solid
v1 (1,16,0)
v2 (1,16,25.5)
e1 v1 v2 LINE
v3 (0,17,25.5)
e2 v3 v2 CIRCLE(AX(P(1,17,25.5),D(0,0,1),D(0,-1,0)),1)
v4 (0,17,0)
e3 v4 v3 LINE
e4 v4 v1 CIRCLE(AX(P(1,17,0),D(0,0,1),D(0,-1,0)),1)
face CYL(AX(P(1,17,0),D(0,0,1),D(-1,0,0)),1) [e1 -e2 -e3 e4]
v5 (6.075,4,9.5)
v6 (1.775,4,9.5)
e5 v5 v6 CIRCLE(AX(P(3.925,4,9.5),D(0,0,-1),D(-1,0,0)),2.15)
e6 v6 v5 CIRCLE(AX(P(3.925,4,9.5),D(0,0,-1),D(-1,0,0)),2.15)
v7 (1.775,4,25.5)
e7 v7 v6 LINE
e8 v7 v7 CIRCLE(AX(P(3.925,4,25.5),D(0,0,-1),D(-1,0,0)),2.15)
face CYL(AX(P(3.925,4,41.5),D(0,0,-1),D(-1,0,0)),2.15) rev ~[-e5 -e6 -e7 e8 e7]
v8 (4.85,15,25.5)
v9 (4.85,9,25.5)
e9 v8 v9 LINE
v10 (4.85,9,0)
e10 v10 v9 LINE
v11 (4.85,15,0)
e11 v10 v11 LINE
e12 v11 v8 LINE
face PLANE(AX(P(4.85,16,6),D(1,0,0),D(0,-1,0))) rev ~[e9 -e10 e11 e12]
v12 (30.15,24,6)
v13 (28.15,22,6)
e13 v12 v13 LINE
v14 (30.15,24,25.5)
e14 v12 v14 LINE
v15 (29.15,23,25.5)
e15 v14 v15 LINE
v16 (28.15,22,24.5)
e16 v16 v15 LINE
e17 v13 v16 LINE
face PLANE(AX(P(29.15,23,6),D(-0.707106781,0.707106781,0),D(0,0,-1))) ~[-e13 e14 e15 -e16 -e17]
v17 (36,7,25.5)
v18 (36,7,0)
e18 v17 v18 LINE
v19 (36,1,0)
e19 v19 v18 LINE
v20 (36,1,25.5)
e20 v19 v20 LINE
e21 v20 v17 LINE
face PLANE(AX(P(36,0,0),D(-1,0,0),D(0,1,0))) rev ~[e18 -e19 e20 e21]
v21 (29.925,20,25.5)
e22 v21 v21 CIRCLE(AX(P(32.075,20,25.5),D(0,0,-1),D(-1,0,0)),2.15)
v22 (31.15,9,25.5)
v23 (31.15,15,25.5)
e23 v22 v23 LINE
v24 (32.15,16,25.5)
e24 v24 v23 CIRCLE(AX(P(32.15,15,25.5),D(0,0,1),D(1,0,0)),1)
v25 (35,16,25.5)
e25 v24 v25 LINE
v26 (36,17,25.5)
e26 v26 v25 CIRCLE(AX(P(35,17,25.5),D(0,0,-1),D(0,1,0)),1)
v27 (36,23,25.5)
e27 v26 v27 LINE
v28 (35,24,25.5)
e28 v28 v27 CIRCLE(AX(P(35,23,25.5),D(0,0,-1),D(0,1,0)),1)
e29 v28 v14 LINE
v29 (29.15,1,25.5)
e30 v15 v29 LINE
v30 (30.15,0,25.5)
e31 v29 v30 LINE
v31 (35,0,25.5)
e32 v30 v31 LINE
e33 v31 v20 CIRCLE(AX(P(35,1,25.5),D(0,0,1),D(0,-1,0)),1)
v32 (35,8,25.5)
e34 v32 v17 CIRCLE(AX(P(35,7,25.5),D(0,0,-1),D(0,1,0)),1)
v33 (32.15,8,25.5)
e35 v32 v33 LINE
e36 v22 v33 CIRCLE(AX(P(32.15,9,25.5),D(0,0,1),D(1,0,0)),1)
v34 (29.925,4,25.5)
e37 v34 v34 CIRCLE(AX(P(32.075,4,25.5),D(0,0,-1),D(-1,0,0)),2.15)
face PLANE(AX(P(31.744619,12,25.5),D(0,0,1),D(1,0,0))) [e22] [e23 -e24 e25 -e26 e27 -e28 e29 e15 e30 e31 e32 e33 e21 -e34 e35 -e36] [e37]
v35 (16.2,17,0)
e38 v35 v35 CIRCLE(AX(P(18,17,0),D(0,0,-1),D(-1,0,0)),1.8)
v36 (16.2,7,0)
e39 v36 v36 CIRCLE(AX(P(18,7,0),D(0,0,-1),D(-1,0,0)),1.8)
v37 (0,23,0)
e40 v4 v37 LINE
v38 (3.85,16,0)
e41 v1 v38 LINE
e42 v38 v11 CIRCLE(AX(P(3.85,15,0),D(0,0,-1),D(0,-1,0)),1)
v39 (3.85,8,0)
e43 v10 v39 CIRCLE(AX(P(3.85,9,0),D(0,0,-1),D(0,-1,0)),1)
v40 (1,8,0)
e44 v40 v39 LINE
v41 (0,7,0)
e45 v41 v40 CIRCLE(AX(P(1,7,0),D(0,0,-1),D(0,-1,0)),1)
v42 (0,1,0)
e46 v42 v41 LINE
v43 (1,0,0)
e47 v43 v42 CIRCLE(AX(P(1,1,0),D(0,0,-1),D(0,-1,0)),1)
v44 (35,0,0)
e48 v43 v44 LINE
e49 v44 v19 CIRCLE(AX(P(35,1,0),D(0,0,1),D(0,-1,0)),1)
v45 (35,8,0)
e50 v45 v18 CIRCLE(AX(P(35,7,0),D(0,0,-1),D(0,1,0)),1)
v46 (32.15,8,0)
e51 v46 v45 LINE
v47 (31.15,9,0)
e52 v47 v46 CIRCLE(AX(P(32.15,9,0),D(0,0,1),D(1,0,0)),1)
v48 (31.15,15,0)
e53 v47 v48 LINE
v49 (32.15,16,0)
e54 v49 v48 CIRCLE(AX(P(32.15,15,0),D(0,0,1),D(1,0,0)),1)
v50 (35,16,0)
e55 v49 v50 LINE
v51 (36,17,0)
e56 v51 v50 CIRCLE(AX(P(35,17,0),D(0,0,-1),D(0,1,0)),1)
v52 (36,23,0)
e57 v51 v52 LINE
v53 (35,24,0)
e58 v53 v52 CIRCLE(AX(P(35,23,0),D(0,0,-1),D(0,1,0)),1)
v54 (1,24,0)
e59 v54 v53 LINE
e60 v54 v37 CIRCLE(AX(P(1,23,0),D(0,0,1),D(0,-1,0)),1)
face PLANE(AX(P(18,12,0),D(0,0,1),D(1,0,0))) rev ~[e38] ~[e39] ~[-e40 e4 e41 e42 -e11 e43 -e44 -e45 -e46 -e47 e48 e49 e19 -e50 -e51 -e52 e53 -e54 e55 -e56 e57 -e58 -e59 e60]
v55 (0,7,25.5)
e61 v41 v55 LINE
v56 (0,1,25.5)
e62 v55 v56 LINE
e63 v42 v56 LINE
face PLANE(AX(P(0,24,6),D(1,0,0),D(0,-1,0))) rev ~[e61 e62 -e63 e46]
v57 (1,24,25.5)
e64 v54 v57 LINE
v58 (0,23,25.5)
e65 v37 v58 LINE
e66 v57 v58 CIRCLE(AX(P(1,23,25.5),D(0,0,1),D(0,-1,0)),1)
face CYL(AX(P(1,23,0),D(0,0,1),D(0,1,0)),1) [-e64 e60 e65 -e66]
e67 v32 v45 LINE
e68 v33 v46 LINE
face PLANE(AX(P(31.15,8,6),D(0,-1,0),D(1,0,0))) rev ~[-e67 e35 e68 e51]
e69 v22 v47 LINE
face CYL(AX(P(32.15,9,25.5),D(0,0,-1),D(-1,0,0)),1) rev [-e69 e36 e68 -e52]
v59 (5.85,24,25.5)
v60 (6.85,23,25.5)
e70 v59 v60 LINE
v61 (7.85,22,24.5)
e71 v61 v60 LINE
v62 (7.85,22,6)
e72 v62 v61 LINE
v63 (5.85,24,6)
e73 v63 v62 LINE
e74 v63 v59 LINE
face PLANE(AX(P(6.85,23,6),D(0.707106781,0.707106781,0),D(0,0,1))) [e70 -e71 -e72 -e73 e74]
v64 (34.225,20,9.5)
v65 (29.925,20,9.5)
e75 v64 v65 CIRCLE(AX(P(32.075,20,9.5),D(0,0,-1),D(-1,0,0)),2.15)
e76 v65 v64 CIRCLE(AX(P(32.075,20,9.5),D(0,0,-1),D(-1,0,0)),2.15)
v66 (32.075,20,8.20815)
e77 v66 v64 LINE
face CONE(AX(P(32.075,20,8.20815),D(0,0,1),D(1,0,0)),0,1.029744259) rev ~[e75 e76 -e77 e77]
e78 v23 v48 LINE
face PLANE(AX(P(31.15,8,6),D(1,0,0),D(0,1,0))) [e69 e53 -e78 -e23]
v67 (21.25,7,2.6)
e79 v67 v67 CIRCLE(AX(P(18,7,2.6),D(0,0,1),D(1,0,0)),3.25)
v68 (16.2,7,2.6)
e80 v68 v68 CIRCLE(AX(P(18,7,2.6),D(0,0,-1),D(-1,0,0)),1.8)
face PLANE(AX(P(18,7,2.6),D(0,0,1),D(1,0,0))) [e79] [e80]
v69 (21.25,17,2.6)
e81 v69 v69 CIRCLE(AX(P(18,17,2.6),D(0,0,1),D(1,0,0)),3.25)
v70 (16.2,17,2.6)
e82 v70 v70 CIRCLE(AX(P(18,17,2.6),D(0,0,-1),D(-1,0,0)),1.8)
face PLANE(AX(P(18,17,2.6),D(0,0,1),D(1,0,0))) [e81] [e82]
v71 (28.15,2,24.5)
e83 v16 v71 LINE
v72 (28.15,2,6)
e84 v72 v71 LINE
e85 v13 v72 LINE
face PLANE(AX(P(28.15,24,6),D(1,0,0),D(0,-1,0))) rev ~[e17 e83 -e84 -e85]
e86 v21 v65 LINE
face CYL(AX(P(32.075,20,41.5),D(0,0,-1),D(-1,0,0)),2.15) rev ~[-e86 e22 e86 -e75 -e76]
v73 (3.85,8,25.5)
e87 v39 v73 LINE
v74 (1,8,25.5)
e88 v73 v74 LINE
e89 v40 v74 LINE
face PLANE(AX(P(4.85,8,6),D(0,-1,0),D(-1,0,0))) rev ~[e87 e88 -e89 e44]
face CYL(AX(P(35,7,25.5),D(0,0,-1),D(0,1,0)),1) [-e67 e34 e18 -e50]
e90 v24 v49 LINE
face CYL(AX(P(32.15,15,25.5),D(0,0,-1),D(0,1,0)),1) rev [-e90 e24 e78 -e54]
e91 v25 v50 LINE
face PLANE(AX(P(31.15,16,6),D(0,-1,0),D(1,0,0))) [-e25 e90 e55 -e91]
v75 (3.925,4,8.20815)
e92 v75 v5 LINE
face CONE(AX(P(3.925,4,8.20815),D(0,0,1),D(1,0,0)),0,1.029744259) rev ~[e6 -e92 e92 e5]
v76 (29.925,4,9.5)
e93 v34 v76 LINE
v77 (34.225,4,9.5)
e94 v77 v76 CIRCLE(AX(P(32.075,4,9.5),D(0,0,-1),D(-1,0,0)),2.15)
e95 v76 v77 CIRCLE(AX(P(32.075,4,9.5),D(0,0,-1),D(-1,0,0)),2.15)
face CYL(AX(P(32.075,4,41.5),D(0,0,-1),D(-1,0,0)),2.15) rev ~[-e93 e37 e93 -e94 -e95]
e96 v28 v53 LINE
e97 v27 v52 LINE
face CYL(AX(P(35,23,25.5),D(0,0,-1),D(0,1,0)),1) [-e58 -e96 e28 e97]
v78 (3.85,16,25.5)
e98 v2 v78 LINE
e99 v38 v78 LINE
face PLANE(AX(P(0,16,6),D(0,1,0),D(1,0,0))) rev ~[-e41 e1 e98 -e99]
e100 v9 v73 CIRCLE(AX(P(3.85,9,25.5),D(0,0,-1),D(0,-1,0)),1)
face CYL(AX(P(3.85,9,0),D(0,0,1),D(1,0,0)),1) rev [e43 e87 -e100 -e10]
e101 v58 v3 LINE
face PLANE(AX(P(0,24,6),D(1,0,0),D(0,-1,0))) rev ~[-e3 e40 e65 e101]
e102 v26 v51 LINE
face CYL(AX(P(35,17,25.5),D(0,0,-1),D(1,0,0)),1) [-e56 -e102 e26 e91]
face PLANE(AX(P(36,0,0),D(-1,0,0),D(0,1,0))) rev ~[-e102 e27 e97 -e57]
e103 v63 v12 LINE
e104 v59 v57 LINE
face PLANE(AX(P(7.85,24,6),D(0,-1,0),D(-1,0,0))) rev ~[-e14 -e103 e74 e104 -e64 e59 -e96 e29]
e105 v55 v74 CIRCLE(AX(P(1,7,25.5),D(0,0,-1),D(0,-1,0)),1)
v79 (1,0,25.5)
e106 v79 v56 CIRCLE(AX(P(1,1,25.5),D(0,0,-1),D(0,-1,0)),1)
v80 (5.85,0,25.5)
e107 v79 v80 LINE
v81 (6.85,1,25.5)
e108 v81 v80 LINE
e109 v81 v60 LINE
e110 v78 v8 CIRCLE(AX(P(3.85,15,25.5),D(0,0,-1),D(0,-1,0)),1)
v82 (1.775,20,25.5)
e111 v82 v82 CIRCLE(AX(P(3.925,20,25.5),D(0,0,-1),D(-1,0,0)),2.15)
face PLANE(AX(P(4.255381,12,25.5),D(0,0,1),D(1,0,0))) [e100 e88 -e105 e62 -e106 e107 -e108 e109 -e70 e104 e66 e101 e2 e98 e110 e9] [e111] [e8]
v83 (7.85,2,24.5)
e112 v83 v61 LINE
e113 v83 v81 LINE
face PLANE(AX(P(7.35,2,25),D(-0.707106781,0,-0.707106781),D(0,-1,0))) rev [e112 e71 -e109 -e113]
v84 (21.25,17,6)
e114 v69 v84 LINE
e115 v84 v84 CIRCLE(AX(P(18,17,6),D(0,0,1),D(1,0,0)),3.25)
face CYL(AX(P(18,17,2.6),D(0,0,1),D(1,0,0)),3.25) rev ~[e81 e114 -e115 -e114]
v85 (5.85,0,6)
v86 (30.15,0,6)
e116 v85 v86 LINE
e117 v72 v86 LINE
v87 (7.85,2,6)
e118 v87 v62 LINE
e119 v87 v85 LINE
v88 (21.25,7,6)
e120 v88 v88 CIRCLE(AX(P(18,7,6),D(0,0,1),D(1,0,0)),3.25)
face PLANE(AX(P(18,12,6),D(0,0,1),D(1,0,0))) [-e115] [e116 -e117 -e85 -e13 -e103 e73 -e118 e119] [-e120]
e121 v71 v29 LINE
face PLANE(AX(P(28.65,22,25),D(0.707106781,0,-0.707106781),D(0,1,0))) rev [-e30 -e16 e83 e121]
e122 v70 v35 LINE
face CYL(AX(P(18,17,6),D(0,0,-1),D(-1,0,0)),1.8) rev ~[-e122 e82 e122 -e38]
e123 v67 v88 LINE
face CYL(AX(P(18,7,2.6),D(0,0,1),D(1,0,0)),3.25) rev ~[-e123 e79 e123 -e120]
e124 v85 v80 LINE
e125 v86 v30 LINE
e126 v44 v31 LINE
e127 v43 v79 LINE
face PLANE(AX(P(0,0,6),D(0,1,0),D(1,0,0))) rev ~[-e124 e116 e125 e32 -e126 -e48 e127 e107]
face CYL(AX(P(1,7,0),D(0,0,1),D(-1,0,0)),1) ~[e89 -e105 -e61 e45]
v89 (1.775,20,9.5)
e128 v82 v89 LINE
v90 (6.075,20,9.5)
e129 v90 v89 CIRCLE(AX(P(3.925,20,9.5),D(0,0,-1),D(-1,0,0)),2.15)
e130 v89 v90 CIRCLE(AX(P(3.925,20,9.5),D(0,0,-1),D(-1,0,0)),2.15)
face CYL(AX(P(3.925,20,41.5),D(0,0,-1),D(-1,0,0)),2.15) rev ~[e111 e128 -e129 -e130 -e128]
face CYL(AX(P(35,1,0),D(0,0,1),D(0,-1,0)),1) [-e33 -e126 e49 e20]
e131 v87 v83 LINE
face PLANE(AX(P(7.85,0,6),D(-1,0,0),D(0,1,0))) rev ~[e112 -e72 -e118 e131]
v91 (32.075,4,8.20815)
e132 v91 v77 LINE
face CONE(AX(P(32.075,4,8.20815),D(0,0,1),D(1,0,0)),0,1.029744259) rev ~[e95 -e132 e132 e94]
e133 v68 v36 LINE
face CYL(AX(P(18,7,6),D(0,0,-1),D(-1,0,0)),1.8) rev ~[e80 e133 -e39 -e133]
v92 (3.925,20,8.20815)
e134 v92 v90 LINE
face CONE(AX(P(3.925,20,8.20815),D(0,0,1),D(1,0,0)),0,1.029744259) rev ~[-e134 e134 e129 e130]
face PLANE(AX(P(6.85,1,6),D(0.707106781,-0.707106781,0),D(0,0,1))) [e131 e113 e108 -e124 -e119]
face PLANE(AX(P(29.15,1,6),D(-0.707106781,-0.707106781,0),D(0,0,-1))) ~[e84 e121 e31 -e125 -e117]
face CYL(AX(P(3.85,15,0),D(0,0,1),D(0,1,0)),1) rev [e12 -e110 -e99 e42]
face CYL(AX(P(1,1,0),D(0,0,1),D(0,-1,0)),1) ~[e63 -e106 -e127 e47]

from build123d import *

# Parameters (mm, degrees)
SKETCH1_W                                           = 36
SKETCH1_H                                           = 24
BOSS_EXTRUDE1_DEPTH                                 = 6
CBORE_FOR_M3_HEX_SOCKET_HEAD_CAP_SCREW1_D           = 3.6
CBORE_FOR_M3_HEX_SOCKET_HEAD_CAP_SCREW1_DEPTH       = 12
CBORE_FOR_M3_HEX_SOCKET_HEAD_CAP_SCREW1_CBORE_D     = 6.5
CBORE_FOR_M3_HEX_SOCKET_HEAD_CAP_SCREW1_CBORE_DEPTH = 3.4
CBORE_FOR_M3_HEX_SOCKET_HEAD_CAP_SCREW1_TIP         = 1.081549114
BOSS_EXTRUDE2_DEPTH                                 = 19.5
SKETCH5_W                                           = 4.85
SKETCH5_H                                           = 8
CUT_EXTRUDE1_DEPTH                                  = 48.457876059
F_4_3_4_3_DIAMETER_HOLE1_D                          = 4.3
F_4_3_4_3_DIAMETER_HOLE1_DEPTH                      = 16
F_4_3_4_3_DIAMETER_HOLE1_TIP                        = 1.291850331
FILLET1_R                                           = 1
CHAMFER1_SIZE                                       = 2
CHAMFER2_SIZE                                       = 1


with BuildPart() as part:
    # Sketch1 → Boss-Extrude1 (new body)
    with BuildSketch(Plane.XY):
        with Locations((18, 12)):
            Rectangle(SKETCH1_W, SKETCH1_H)
    extrude(amount=BOSS_EXTRUDE1_DEPTH)

    # CBORE for M3 Hex Socket Head Cap Screw1
    with Locations(Plane.XY.offset(6)):
        with Locations((18, 17), (18, 7)):
            CounterBoreHole(CBORE_FOR_M3_HEX_SOCKET_HEAD_CAP_SCREW1_D / 2, CBORE_FOR_M3_HEX_SOCKET_HEAD_CAP_SCREW1_CBORE_D / 2, CBORE_FOR_M3_HEX_SOCKET_HEAD_CAP_SCREW1_CBORE_DEPTH, depth=CBORE_FOR_M3_HEX_SOCKET_HEAD_CAP_SCREW1_DEPTH)
            with Locations((0, 0, -(CBORE_FOR_M3_HEX_SOCKET_HEAD_CAP_SCREW1_DEPTH + CBORE_FOR_M3_HEX_SOCKET_HEAD_CAP_SCREW1_TIP / 2))):  # 118° drill point
                Cone(0, CBORE_FOR_M3_HEX_SOCKET_HEAD_CAP_SCREW1_D / 2, CBORE_FOR_M3_HEX_SOCKET_HEAD_CAP_SCREW1_TIP, mode=Mode.SUBTRACT)

    # Sketch4 → Boss-Extrude2 (add)
    with BuildSketch(Plane.XY.offset(6)):
        Polygon((7.85, 24), (0, 24), (0, 16), (4.85, 16), (4.85, 8), (0, 8), (0, 0), (7.85, 0), align=None)
        Polygon((36, 24), (28.15, 24), (28.15, 0), (36, 0), (36, 8), (31.15, 8), (31.15, 16), (36, 16), align=None)
    extrude(amount=BOSS_EXTRUDE2_DEPTH)

    # Sketch5 → Cut-Extrude1 (cut, through all)
    with BuildSketch(Plane.XY.offset(6)):
        with Locations((33.575, 12)):
            Rectangle(SKETCH5_W, SKETCH5_H)
        with Locations((2.425, 12)):
            Rectangle(SKETCH5_W, SKETCH5_H)
    extrude(amount=-CUT_EXTRUDE1_DEPTH, mode=Mode.SUBTRACT)

    # Ø4.3 (4.3) Diameter Hole1
    with Locations(Plane.XY.offset(25.5)):
        with Locations((3.925, 20), (3.925, 4), (32.075, 4), (32.075, 20)):
            Hole(F_4_3_4_3_DIAMETER_HOLE1_D / 2, depth=F_4_3_4_3_DIAMETER_HOLE1_DEPTH)
            with Locations((0, 0, -(F_4_3_4_3_DIAMETER_HOLE1_DEPTH + F_4_3_4_3_DIAMETER_HOLE1_TIP / 2))):  # 118° drill point
                Cone(0, F_4_3_4_3_DIAMETER_HOLE1_D / 2, F_4_3_4_3_DIAMETER_HOLE1_TIP, mode=Mode.SUBTRACT)

    # Fillet1
    fillet1_edges = [part.edges().sort_by_distance(p)[0] for p in [
        (0, 16, 12.75),
        (4.85, 16, 12.75),
        (4.85, 8, 12.75),
        (0, 8, 12.75),
        (36, 8, 12.75),
        (31.15, 8, 12.75),
        (31.15, 16, 12.75),
        (36, 16, 12.75),
        (0, 24, 12.75),
        (36, 24, 12.75),
        (36, 0, 12.75),
        (0, 0, 12.75),
    ]]
    fillet(fillet1_edges, radius=FILLET1_R)

    # Chamfer1
    chamfer1_edges = [part.edges().sort_by_distance(p)[0] for p in [
        (7.85, 0, 15.75),
        (7.85, 24, 15.75),
        (28.15, 24, 15.75),
        (28.15, 0, 15.75),
    ]]
    chamfer(chamfer1_edges, length=CHAMFER1_SIZE)

    # Chamfer2
    chamfer2_edges = [part.edges().sort_by_distance(p)[0] for p in [
        (28.15, 12, 25.5),
        (7.85, 12, 25.5),
    ]]
    chamfer(chamfer2_edges, length=CHAMFER2_SIZE)


solid = part.part
